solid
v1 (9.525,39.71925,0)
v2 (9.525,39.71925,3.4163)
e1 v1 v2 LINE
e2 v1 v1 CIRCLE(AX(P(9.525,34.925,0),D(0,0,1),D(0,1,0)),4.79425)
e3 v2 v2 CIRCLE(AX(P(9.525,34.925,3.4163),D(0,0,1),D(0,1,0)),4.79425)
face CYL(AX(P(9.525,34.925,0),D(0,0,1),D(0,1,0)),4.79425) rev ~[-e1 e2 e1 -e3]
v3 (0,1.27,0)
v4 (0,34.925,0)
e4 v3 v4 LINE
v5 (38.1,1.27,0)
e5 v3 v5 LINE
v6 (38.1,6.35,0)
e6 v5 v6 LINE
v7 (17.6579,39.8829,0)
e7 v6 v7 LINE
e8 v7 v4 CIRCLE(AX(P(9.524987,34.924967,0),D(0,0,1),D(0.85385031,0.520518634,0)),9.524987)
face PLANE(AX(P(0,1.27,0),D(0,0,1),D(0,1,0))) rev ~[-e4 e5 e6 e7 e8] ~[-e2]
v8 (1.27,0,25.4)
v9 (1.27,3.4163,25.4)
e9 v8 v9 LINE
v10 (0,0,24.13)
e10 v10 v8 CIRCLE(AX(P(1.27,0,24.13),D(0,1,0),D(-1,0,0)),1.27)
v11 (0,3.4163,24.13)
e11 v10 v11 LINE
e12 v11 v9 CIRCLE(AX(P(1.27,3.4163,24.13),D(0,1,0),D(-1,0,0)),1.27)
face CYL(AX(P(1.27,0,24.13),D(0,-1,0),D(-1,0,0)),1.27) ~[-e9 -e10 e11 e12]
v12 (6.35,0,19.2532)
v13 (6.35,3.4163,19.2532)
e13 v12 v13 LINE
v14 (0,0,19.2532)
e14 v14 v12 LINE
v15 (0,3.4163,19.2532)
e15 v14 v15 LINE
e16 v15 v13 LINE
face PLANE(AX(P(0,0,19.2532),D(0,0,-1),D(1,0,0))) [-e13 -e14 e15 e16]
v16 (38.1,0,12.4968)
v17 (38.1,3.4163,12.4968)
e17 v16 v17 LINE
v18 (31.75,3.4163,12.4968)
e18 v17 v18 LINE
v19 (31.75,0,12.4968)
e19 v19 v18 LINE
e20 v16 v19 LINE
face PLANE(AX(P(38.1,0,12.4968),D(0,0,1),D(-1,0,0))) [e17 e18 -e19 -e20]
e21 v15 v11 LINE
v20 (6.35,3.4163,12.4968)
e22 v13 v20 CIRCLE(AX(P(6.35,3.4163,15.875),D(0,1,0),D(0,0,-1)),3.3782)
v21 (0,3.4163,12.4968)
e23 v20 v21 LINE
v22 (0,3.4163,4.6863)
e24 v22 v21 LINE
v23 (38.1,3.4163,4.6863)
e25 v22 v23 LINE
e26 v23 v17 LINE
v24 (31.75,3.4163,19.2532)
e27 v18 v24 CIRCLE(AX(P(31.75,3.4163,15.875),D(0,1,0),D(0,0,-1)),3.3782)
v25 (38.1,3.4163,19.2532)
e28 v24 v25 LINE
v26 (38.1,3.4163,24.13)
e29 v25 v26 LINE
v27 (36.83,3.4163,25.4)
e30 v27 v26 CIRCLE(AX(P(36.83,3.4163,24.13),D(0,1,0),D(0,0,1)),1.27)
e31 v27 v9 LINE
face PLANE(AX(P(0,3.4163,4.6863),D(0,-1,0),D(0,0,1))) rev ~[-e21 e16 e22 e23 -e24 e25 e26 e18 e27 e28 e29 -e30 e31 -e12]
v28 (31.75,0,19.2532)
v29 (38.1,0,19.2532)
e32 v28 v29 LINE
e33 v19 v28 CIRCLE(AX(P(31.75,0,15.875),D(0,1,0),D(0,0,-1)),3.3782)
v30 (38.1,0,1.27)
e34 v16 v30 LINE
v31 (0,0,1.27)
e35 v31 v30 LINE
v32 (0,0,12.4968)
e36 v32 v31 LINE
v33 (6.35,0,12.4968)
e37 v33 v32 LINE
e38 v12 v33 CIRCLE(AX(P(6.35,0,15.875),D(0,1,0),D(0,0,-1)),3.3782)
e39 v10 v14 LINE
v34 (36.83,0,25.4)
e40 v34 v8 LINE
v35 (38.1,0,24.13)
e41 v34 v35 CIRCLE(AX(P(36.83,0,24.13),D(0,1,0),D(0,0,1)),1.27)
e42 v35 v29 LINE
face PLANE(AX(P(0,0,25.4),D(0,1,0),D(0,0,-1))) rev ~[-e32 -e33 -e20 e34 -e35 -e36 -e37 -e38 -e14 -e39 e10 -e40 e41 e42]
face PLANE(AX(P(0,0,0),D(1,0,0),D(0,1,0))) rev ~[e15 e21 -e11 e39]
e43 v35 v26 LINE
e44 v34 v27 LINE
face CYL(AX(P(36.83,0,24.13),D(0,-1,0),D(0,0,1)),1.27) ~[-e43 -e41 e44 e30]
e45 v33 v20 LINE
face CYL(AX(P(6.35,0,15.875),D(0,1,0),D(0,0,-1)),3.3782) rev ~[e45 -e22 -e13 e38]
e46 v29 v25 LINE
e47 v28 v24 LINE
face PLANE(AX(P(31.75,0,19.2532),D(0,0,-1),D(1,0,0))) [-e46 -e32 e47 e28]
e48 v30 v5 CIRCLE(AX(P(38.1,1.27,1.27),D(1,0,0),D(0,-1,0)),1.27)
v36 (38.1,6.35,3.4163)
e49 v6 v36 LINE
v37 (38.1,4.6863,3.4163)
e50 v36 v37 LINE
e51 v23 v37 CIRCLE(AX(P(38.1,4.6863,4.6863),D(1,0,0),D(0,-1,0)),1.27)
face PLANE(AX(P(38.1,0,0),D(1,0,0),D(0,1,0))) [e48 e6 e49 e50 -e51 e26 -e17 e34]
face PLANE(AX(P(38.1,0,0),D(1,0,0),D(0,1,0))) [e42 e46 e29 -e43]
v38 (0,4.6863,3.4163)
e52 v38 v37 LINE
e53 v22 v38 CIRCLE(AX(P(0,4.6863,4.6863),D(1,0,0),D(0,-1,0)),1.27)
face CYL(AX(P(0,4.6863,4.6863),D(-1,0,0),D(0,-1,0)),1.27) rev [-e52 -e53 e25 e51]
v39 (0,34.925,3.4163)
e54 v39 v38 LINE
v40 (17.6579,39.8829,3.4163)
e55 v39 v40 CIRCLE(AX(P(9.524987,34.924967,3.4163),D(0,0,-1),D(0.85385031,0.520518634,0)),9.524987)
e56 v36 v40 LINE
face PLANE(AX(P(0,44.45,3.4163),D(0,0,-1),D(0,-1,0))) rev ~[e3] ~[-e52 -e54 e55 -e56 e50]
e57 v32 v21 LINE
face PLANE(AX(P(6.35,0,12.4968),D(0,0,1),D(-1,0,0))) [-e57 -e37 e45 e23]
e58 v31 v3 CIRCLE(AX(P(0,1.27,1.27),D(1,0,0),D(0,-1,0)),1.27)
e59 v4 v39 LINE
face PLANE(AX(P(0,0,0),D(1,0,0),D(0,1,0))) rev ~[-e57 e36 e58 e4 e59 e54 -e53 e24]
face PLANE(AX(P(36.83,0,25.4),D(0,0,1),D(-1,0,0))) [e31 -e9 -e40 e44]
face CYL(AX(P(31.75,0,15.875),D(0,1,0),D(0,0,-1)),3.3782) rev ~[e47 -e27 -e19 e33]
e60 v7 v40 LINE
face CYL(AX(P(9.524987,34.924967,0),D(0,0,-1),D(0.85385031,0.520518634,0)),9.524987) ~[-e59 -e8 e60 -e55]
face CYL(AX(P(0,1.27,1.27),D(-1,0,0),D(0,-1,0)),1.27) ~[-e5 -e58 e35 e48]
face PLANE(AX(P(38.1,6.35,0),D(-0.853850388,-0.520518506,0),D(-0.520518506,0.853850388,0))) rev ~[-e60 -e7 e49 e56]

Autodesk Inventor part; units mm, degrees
sketch "Sketch_1" plane through (0, 0, 0) normal (1, 0, 0) x (0, 1, 0)
  line L0 (0, 25.4) -> (0, 1.27)
  arc A0 (0, 1.27) -> (1.27, 0) centre (1.27, 1.27) ccw
  line L1 (1.27, 0) -> (44.45, 0)
  line L2 (44.45, 0) -> (44.45, 3.4163)
  line L3 (44.45, 3.4163) -> (4.6863, 3.4163)
  arc A1 (3.4163, 4.6863) -> (4.6863, 3.4163) centre (4.6863, 4.6863) ccw
  line L4 (3.4163, 4.6863) -> (3.4163, 25.4)
  line L5 (3.4163, 25.4) -> (0, 25.4)
extrude "Extrusion1" add sketch "Sketch_1" along normal blind 38.1
sketch "Sketch_2" plane through (0, 0, 0) normal (0, 0, 1) x (1, 0, 0)
  line L0 (-38.1, -44.45) -> (57.15, -44.45)
  line L1 (57.15, -44.45) -> (57.15, 66.675)
  line L2 (57.15, 66.675) -> (-38.1, 66.675)
  line L3 (-38.1, 66.675) -> (-38.1, -44.45)
  line L4 (0, 0) -> (38.1, 0)
  line L5 (38.1, 0) -> (38.1, 6.35)
  line L6 (38.1, 6.35) -> (17.6579, 39.8829)
  arc A0 (17.6579, 39.8829) -> (0, 34.925) centre (9.525, 34.925) ccw
  line L7 (0, 34.925) -> (0, 0)
extrude "Extrusion2" cut sketch "Sketch_2" along normal blind 25.4
sketch "Sketch3" plane through (38.1, 1.27, 0) normal (0, 0, -1) x (-1, 0, 0)
  point P0 (28.575, 33.655)
hole "Hole1" at (9.525, 34.925, 0) direction (0, 0, 1) diameter 9.5885 depth 3.4163
sketch "Sketch4" plane through (0, 0, 1.27) normal (0, -1, 0) x (1, 0, 0)
  point P0 (6.35, 14.605)
hole "Hole2" at (6.35, 0, 15.875) direction (0, 1, 0) diameter 6.7564 depth 3.4163
sketch "Sketch5" plane through (0, 0, 1.27) normal (0, -1, 0) x (1, 0, 0)
  point P0 (31.75, 14.605)
hole "Hole3" at (31.75, 0, 15.875) direction (0, 1, 0) diameter 6.7564 depth 3.4163
sketch "Sketch_6" plane through (0, 0, 0) normal (0, 1, 0) x (-1, 0, 0)
  line L0 (0, 12.4968) -> (0, 19.2532)
  line L1 (0, 19.2532) -> (-6.35, 19.2532)
  line L2 (-6.35, 19.2532) -> (-6.35, 12.4968)
  line L3 (-6.35, 12.4968) -> (0, 12.4968)
sketch "Sketch_7" plane through (0, 0, 0) normal (0, 1, 0) x (-1, 0, 0)
  line L0 (-31.75, 12.4968) -> (-31.75, 19.2532)
  line L1 (-31.75, 19.2532) -> (-38.1, 19.2532)
  line L2 (-38.1, 19.2532) -> (-38.1, 12.4968)
  line L3 (-38.1, 12.4968) -> (-31.75, 12.4968)
extrude "Extrusion3" cut sketch "Sketch_6" along normal blind 3.4163
extrude "Extrusion4" cut sketch "Sketch_7" along normal blind 3.4163
sketch "Sketch_8" plane through (0, 0, 0) normal (0, 1, 0) x (-1, 0, 0)
  line L0 (0, 38.1) -> (-38.1, 38.1)
  line L1 (-38.1, 38.1) -> (-38.1, 24.13)
  arc A0 (-36.83, 25.4) -> (-38.1, 24.13) centre (-36.83, 24.13) ccw
  line L2 (-36.83, 25.4) -> (-1.27, 25.4)
  arc A1 (0, 24.13) -> (-1.27, 25.4) centre (-1.27, 24.13) ccw
  line L3 (0, 24.13) -> (0, 38.1)
extrude "Extrusion5" cut sketch "Sketch_8" along normal blind 3.4163
ref_plane "a1_XY" through (0, 34.925, 0) normal (0, 0, 1) x (1, 0, 0)
ref_plane "a1_YZ" through (0, 34.925, 0) normal (1, 0, 0) x (0, 1, 0)
ref_plane "a1_ZX" through (0, 34.925, 0) normal (0, 1, 0) x (0, 0, 1)
ref_plane "a2_XY" through (9.525, 34.925, 0) normal (0, 0, 1) x (1, 0, 0)
ref_plane "a2_YZ" through (9.525, 34.925, 0) normal (1, 0, 0) x (0, 1, 0)
ref_plane "a2_ZX" through (9.525, 34.925, 0) normal (0, 1, 0) x (0, 0, 1)
ref_plane "b1_XY" through (4.7308, 34.925, 0) normal (0, 0, 1) x (1, 0, 0)
ref_plane "b1_YZ" through (4.7308, 34.925, 0) normal (1, 0, 0) x (0, 1, 0)
ref_plane "b1_ZX" through (4.7308, 34.925, 0) normal (0, 1, 0) x (0, 0, 1)
ref_plane "b2_XY" through (14.3192, 34.925, 0) normal (0, 0, 1) x (1, 0, 0)
ref_plane "b2_YZ" through (14.3192, 34.925, 0) normal (1, 0, 0) x (0, 1, 0)
ref_plane "b2_ZX" through (14.3192, 34.925, 0) normal (0, 1, 0) x (0, 0, 1)
ref_plane "d1_XY" through (0, 44.45, 0) normal (1, 0, 0) x (0, 0, -1)
ref_plane "d1_YZ" through (0, 44.45, 0) normal (0, 0, -1) x (0, 1, 0)
ref_plane "d1_ZX" through (0, 44.45, 0) normal (0, 1, 0) x (1, 0, 0)
ref_plane "d2_XY" through (0, 44.45, 3.4163) normal (1, 0, 0) x (0, 0, -1)
ref_plane "d2_YZ" through (0, 44.45, 3.4163) normal (0, 0, -1) x (0, 1, 0)
ref_plane "d2_ZX" through (0, 44.45, 3.4163) normal (0, 1, 0) x (1, 0, 0)
ref_plane "e1_XY" through (0, 0, 0) normal (0, 0, 1) x (1, 0, 0)
ref_plane "e1_YZ" through (0, 0, 0) normal (1, 0, 0) x (0, 1, 0)
ref_plane "e1_ZX" through (0, 0, 0) normal (0, 1, 0) x (0, 0, 1)
ref_plane "e2_XY" through (9.525, 44.45, 0) normal (0, 0, 1) x (1, 0, 0)
ref_plane "e2_YZ" through (9.525, 44.45, 0) normal (1, 0, 0) x (0, 1, 0)
ref_plane "e2_ZX" through (9.525, 44.45, 0) normal (0, 1, 0) x (0, 0, 1)
ref_plane "f1_XY" through (0, 0, 0) normal (0, 0, 1) x (1, 0, 0)
ref_plane "f1_YZ" through (0, 0, 0) normal (1, 0, 0) x (0, 1, 0)
ref_plane "f1_ZX" through (0, 0, 0) normal (0, 1, 0) x (0, 0, 1)
ref_plane "f2_XY" through (0, 34.925, 0) normal (0, 0, 1) x (1, 0, 0)
ref_plane "f2_YZ" through (0, 34.925, 0) normal (1, 0, 0) x (0, 1, 0)
ref_plane "f2_ZX" through (0, 34.925, 0) normal (0, 1, 0) x (0, 0, 1)
ref_plane "g1_XY" through (0, 0, 12.4968) normal (0, 1, 0) x (1, 0, 0)
ref_plane "g1_YZ" through (0, 0, 12.4968) normal (1, 0, 0) x (0, 0, -1)
ref_plane "g1_ZX" through (0, 0, 12.4968) normal (0, 0, -1) x (0, 1, 0)
ref_plane "g2_XY" through (0, 0, 19.2532) normal (0, 1, 0) x (1, 0, 0)
ref_plane "g2_YZ" through (0, 0, 19.2532) normal (1, 0, 0) x (0, 0, -1)
ref_plane "g2_ZX" through (0, 0, 19.2532) normal (0, 0, -1) x (0, 1, 0)
ref_plane "h1_XY" through (6.35, 0, 25.4) normal (0, 0, 1) x (1, 0, 0)
ref_plane "h1_YZ" through (6.35, 0, 25.4) normal (1, 0, 0) x (0, 1, 0)
ref_plane "h1_ZX" through (6.35, 0, 25.4) normal (0, 1, 0) x (0, 0, 1)
ref_plane "h2_XY" through (31.75, 0, 25.4) normal (0, 0, 1) x (1, 0, 0)
ref_plane "h2_YZ" through (31.75, 0, 25.4) normal (1, 0, 0) x (0, 1, 0)
ref_plane "h2_ZX" through (31.75, 0, 25.4) normal (0, 1, 0) x (0, 0, 1)
ref_plane "i_XY" through (38.1, 0, 25.4) normal (0, 0, 1) x (1, 0, 0)
ref_plane "i_YZ" through (38.1, 0, 25.4) normal (1, 0, 0) x (0, 1, 0)
ref_plane "i_ZX" through (38.1, 0, 25.4) normal (0, 1, 0) x (0, 0, 1)
ref_plane "j1_XY" through (0, 0, 0) normal (0, 0, 1) x (1, 0, 0)
ref_plane "j1_YZ" through (0, 0, 0) normal (1, 0, 0) x (0, 1, 0)
ref_plane "j1_ZX" through (0, 0, 0) normal (0, 1, 0) x (0, 0, 1)
ref_plane "j2_XY" through (38.1, 0, 0) normal (0, 0, 1) x (1, 0, 0)
ref_plane "j2_YZ" through (38.1, 0, 0) normal (1, 0, 0) x (0, 1, 0)
ref_plane "j2_ZX" through (38.1, 0, 0) normal (0, 1, 0) x (0, 0, 1)
ref_plane "k11_XY" through (0, 0, 25.4) normal (1, 0, 0) x (0, 0, -1)
ref_plane "k11_YZ" through (0, 0, 25.4) normal (0, 0, -1) x (0, 1, 0)
ref_plane "k11_ZX" through (0, 0, 25.4) normal (0, 1, 0) x (1, 0, 0)
ref_plane "k12_XY" through (0, 0, 0) normal (1, 0, 0) x (0, 0, -1)
ref_plane "k12_YZ" through (0, 0, 0) normal (0, 0, -1) x (0, 1, 0)
ref_plane "k12_ZX" through (0, 0, 0) normal (0, 1, 0) x (1, 0, 0)
ref_plane "to_dummy_L_XY" through (0, 0, 0) normal (0, 0, 1) x (1, 0, 0)
ref_plane "to_dummy_L_YZ" through (0, 0, 0) normal (1, 0, 0) x (0, 1, 0)
ref_plane "to_dummy_L_ZX" through (0, 0, 0) normal (0, 1, 0) x (0, 0, 1)
ref_plane "to_pin_L_XY" through (9.525, 34.925, 0) normal (0, 0, 1) x (1, 0, 0)
ref_plane "to_pin_L_YZ" through (9.525, 34.925, 0) normal (1, 0, 0) x (0, 1, 0)
ref_plane "to_pin_L_ZX" through (9.525, 34.925, 0) normal (0, 1, 0) x (0, 0, 1)
properties part number "D-9969" material "Steel"
